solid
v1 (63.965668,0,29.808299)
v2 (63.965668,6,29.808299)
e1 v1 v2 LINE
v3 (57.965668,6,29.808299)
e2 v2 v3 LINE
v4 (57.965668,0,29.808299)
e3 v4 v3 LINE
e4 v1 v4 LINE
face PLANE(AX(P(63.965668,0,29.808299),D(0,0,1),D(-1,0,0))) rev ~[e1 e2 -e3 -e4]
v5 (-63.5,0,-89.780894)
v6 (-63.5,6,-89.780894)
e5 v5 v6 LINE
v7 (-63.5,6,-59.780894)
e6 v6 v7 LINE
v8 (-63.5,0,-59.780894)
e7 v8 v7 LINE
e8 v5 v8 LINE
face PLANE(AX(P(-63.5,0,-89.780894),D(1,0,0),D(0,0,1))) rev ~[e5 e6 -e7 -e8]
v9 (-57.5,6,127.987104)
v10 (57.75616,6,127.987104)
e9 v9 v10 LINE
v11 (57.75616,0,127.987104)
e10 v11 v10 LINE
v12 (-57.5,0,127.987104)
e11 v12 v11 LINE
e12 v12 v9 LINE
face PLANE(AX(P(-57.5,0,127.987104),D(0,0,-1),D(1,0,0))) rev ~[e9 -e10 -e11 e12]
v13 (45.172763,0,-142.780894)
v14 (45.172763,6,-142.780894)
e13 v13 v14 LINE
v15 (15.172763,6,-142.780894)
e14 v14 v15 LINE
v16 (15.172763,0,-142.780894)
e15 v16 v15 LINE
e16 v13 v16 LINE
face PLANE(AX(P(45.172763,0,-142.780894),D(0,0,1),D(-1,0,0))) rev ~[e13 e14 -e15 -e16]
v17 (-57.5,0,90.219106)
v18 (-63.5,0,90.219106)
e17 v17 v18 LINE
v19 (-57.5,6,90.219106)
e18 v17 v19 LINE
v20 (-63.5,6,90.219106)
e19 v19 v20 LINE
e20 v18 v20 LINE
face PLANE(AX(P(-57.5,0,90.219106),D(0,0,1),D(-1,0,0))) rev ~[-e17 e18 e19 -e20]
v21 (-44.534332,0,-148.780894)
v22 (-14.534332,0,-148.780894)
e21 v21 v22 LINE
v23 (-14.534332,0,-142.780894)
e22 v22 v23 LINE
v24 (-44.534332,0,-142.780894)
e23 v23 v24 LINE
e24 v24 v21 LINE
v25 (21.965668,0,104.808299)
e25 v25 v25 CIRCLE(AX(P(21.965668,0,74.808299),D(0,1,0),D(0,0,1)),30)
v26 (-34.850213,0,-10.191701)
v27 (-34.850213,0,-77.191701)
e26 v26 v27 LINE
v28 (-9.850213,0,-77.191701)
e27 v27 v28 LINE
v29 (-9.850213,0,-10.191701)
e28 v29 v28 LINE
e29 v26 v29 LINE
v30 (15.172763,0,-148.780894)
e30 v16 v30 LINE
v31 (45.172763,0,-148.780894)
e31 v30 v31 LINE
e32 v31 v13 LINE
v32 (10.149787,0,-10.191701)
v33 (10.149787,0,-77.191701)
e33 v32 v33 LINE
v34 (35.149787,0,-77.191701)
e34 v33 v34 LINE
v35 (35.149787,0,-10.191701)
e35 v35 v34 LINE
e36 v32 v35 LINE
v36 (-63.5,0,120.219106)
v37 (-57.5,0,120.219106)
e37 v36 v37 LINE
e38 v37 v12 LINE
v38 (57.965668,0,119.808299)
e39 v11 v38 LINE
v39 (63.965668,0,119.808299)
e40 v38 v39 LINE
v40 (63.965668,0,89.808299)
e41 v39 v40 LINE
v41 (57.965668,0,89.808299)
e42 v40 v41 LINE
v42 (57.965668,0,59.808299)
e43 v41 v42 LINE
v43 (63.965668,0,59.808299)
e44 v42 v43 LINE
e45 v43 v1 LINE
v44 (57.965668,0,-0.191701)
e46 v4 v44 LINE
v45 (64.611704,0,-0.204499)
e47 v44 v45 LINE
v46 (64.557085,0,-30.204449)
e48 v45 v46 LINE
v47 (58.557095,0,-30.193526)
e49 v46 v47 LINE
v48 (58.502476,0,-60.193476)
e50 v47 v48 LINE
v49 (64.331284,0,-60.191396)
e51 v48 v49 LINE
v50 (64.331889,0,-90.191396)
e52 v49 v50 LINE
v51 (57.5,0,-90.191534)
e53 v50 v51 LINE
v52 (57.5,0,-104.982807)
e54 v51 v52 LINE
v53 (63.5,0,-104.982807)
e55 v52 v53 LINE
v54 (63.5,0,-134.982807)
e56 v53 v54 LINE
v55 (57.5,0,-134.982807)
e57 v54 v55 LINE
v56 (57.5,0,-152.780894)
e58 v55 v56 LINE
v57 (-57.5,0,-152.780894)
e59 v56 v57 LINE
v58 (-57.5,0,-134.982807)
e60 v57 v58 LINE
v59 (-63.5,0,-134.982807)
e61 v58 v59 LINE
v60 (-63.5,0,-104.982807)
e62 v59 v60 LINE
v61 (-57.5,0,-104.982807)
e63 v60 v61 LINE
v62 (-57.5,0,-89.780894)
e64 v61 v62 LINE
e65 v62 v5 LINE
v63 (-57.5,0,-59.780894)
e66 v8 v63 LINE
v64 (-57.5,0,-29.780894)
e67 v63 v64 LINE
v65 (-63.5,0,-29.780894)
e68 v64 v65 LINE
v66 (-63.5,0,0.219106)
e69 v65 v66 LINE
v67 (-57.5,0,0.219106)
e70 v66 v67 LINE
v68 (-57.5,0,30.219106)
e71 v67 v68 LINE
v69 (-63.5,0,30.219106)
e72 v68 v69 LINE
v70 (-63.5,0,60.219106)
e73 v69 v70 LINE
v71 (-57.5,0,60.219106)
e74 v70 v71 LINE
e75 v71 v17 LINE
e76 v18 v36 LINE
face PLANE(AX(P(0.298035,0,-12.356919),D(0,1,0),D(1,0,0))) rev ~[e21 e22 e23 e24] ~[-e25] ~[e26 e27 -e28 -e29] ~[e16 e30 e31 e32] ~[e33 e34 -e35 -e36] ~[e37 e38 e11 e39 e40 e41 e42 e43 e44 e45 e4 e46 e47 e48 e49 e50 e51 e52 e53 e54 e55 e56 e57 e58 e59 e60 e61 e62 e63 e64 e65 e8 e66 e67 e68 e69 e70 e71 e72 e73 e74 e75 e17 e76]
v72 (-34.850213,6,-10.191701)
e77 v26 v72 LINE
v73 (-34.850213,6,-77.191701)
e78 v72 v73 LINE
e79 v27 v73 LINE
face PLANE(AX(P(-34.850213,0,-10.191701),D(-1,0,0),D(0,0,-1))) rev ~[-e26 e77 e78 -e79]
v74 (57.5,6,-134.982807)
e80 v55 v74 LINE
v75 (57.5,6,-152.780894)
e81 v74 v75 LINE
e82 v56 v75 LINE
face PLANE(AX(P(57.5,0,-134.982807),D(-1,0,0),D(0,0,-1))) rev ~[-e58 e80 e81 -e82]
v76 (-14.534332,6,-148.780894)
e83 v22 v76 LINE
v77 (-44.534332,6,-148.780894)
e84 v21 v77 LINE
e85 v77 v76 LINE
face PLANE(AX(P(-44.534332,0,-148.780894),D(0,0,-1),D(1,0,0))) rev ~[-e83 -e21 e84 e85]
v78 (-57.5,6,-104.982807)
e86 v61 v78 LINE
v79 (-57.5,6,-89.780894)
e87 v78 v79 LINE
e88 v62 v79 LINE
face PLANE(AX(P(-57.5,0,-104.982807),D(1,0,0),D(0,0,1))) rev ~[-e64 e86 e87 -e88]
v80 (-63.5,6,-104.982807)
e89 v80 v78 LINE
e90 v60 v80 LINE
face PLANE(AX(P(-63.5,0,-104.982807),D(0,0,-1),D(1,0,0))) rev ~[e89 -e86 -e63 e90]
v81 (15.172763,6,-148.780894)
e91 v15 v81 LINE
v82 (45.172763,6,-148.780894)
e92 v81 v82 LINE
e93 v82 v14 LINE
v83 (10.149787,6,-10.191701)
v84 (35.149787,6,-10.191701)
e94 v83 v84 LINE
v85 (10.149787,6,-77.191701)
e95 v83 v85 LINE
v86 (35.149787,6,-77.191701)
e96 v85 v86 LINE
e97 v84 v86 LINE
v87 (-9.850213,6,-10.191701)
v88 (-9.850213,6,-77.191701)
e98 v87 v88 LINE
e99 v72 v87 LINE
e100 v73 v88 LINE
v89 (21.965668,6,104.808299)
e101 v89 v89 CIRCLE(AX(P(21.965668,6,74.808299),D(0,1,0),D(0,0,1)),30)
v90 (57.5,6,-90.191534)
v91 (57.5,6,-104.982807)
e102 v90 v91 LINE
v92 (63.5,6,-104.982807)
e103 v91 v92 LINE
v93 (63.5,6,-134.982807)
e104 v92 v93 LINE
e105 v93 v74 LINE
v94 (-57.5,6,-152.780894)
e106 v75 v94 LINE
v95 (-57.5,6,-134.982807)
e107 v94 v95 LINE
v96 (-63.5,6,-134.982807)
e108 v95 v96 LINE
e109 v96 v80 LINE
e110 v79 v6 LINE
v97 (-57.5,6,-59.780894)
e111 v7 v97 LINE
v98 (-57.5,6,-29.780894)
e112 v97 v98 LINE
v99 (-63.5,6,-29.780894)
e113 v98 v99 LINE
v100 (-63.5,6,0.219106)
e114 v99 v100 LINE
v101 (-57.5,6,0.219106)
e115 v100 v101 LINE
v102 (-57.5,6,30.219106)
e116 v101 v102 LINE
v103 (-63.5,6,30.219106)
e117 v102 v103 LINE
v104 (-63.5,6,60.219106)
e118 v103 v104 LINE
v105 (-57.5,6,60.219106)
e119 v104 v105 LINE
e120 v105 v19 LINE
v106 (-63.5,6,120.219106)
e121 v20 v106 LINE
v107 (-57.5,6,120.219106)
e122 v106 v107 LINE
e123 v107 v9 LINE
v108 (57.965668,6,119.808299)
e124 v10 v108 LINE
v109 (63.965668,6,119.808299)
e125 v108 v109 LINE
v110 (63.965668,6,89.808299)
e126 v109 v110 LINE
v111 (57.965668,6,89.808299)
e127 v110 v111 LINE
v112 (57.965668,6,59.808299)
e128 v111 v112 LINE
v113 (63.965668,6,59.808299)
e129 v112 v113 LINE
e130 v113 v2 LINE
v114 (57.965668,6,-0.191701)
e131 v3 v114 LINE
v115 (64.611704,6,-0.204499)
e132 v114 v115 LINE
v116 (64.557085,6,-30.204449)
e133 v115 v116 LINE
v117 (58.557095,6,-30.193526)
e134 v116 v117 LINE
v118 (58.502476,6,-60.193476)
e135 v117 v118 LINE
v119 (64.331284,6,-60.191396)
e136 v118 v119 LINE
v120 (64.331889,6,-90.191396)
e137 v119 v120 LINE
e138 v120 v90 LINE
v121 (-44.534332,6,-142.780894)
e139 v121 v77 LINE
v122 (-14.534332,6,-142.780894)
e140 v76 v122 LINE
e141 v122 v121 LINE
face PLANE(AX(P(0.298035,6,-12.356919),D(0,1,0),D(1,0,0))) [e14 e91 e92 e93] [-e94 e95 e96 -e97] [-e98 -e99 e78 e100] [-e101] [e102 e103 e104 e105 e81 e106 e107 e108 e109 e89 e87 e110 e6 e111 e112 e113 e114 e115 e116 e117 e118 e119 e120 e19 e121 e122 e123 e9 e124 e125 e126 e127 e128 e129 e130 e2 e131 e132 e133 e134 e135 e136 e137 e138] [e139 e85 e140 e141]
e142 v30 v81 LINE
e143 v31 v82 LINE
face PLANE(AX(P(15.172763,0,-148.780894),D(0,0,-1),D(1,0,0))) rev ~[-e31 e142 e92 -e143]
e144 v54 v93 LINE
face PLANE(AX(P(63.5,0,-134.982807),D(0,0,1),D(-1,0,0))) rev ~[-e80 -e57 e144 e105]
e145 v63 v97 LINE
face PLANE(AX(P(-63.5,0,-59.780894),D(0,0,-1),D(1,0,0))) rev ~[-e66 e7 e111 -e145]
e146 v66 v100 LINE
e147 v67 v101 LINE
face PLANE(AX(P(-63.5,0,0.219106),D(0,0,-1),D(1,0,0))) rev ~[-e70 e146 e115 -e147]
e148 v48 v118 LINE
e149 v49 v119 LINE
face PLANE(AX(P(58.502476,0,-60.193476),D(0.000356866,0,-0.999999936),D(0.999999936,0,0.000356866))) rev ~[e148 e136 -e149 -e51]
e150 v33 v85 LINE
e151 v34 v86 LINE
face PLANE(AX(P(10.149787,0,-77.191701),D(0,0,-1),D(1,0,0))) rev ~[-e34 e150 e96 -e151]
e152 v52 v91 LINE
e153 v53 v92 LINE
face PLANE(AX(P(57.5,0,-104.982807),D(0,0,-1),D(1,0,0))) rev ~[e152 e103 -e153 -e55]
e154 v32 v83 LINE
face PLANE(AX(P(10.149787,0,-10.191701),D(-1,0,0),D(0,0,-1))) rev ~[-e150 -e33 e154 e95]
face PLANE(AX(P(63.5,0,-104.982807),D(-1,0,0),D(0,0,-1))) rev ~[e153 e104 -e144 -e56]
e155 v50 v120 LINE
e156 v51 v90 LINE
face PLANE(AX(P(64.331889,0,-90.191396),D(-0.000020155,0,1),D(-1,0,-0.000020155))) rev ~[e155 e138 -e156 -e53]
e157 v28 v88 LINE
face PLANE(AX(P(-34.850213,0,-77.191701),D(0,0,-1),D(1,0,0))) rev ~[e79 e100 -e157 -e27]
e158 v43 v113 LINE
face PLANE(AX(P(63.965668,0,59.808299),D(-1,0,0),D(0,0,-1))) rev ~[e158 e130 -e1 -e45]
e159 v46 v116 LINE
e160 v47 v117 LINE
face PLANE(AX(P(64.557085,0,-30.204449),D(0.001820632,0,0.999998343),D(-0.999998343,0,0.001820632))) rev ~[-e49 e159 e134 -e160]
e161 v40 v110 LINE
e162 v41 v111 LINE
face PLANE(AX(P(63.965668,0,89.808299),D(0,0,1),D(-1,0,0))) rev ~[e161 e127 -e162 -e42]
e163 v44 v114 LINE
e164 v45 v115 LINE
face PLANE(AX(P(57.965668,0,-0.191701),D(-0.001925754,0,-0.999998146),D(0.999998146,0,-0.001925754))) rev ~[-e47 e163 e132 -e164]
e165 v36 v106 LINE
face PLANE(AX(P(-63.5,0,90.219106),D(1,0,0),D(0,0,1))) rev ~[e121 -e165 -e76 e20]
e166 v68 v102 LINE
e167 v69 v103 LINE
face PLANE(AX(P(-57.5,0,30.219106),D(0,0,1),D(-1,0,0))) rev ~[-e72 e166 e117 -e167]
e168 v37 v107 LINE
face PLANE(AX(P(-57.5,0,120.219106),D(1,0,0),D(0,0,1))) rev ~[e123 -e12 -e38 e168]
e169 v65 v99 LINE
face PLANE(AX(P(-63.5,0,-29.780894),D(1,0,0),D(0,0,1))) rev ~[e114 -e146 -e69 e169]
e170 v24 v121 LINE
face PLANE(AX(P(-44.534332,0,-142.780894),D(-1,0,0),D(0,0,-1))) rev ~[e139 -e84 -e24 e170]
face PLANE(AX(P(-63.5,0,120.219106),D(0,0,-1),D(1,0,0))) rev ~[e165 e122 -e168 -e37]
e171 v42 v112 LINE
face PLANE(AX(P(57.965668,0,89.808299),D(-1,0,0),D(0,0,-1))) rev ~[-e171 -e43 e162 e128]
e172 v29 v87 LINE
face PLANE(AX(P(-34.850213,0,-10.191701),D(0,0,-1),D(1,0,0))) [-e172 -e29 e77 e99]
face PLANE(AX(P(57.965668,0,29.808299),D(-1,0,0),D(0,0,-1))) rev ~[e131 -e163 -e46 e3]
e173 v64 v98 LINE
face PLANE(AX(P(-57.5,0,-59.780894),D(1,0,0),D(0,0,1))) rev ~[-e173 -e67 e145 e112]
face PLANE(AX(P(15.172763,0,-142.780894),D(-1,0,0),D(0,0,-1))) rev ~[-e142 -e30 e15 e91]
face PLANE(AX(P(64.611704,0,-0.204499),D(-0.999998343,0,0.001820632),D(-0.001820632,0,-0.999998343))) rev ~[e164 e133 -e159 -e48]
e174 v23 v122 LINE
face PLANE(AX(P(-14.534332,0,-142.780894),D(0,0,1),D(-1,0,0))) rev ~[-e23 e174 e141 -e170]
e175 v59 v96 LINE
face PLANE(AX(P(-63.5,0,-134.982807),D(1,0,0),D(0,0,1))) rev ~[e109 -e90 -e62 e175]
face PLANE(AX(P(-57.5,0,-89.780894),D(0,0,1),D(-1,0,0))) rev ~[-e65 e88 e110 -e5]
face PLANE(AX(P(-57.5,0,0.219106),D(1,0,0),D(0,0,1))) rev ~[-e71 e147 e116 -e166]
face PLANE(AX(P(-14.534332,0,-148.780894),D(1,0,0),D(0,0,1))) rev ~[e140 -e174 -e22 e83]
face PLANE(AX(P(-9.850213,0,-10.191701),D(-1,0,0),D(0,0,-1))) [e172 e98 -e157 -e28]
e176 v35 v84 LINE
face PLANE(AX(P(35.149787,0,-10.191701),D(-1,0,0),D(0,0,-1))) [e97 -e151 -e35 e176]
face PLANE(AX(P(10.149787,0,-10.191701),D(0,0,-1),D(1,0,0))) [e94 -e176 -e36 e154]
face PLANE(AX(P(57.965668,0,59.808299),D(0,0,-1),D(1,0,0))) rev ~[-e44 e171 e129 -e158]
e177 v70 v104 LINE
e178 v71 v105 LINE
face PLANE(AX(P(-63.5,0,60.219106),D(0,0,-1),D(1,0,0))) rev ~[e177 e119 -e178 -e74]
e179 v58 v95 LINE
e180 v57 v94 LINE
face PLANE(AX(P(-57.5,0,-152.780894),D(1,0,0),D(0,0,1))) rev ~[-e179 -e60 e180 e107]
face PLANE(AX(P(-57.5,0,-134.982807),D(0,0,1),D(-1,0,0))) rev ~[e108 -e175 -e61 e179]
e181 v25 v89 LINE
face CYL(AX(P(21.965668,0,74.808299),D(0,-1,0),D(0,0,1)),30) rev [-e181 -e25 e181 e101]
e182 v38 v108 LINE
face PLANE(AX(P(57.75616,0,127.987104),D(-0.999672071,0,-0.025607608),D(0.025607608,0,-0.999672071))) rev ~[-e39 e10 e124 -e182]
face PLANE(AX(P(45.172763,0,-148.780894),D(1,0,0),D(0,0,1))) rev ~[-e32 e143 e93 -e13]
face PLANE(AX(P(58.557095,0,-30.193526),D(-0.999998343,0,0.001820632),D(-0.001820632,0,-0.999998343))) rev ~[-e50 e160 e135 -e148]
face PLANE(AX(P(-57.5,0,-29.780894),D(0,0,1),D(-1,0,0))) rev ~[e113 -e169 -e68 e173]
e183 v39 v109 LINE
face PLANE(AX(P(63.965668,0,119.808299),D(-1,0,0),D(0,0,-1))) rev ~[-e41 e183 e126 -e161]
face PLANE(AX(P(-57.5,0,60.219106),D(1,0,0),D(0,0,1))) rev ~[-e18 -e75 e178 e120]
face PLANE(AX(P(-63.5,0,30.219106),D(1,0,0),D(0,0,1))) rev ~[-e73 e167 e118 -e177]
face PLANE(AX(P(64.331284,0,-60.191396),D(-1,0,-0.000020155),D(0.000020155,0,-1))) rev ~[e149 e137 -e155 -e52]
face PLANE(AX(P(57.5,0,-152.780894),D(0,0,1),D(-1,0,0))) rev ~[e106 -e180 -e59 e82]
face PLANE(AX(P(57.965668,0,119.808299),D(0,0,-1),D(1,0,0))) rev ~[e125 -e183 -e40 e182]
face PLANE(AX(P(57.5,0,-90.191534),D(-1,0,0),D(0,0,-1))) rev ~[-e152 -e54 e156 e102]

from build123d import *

# Parameters (mm, degrees)
SKETCH_1_R      = 30
SKETCH_1_W      = 25
SKETCH_1_H      = 67
EXTRUDE_1_DEPTH = 6


with BuildPart() as part:
    # Эскиз1 → Бобышка-Вытянуть1 (new body)
    with BuildSketch(Plane(origin=(0, 0, 0), x_dir=(1, 0, 0), z_dir=(0, 1, 0))):
        Polygon((-63.5, -90.219106224), (-63.5, -120.219106224), (-57.5, -120.219106224), (-57.5, -127.987103964), (-44.534331601, -127.987103964), (-14.534331601, -127.987103964), (15.172762814, -127.987103964), (45.172762814, -127.987103964), (57.756160079, -127.987103964), (57.965668399, -119.808299483), (63.965668399, -119.808299483), (63.965668399, -89.808299483), (57.965668399, -89.808299483), (57.965668399, -59.808299483), (63.965668399, -59.808299483), (63.965668399, -29.808299483), (57.965668399, -29.808299483), (57.965668399, 0.191700517), (64.611703668, 0.204499173), (64.557084704, 30.204449452), (58.557094649, 30.193525659), (58.502475685, 60.193475939), (64.331284091, 60.191395834), (64.331888746, 90.191395828), (57.5, 90.191533526), (57.5, 104.982806986), (63.5, 104.982806986), (63.5, 134.982806986), (57.5, 134.982806986), (57.5, 152.780893776), (-14.534331601, 152.780893776), (-57.5, 152.780893776), (-57.5, 134.982806986), (-63.5, 134.982806986), (-63.5, 104.982806986), (-57.5, 104.982806986), (-57.5, 89.780893776), (-63.5, 89.780893776), (-63.5, 59.780893776), (-63.034331601, 59.780893776), (-57.5, 59.780893776), (-57.5, 42.012896036), (-57.5, 29.780893776), (-63.5, 29.780893776), (-63.5, -0.219106224), (-63.034331601, -0.219106224), (-57.5, -0.219106224), (-57.5, -17.987103964), (-57.5, -30.219106224), (-63.5, -30.219106224), (-63.5, -60.219106224), (-63.034331601, -60.219106224), (-57.5, -60.219106224), (-57.5, -77.987103964), (-57.5, -90.219106224), align=None)
        with Locations(Location((21.965668399, -74.808299483, 0), (0, 0, 270))):
            Circle(SKETCH_1_R, mode=Mode.SUBTRACT)
        with Locations((-22.350212696, 43.691700517)):
            Rectangle(SKETCH_1_W, SKETCH_1_H, mode=Mode.SUBTRACT)
        Polygon((-14.534331601, 142.780893776), (-44.534331601, 142.780893776), (-44.534331601, 146.780893776), (-44.534331601, 148.780893776), (-14.534331601, 148.780893776), (-14.534331601, 146.780893776), align=None, mode=Mode.SUBTRACT)
        with Locations((22.649787304, 43.691700517)):
            Rectangle(SKETCH_1_W, SKETCH_1_H, mode=Mode.SUBTRACT)
        Polygon((45.172762814, 142.780893776), (15.172762814, 142.780893776), (15.172762814, 146.780893776), (15.172762814, 148.780893776), (45.172762814, 148.780893776), (45.172762814, 146.780893776), align=None, mode=Mode.SUBTRACT)
    extrude(amount=EXTRUDE_1_DEPTH)


solid = part.part
